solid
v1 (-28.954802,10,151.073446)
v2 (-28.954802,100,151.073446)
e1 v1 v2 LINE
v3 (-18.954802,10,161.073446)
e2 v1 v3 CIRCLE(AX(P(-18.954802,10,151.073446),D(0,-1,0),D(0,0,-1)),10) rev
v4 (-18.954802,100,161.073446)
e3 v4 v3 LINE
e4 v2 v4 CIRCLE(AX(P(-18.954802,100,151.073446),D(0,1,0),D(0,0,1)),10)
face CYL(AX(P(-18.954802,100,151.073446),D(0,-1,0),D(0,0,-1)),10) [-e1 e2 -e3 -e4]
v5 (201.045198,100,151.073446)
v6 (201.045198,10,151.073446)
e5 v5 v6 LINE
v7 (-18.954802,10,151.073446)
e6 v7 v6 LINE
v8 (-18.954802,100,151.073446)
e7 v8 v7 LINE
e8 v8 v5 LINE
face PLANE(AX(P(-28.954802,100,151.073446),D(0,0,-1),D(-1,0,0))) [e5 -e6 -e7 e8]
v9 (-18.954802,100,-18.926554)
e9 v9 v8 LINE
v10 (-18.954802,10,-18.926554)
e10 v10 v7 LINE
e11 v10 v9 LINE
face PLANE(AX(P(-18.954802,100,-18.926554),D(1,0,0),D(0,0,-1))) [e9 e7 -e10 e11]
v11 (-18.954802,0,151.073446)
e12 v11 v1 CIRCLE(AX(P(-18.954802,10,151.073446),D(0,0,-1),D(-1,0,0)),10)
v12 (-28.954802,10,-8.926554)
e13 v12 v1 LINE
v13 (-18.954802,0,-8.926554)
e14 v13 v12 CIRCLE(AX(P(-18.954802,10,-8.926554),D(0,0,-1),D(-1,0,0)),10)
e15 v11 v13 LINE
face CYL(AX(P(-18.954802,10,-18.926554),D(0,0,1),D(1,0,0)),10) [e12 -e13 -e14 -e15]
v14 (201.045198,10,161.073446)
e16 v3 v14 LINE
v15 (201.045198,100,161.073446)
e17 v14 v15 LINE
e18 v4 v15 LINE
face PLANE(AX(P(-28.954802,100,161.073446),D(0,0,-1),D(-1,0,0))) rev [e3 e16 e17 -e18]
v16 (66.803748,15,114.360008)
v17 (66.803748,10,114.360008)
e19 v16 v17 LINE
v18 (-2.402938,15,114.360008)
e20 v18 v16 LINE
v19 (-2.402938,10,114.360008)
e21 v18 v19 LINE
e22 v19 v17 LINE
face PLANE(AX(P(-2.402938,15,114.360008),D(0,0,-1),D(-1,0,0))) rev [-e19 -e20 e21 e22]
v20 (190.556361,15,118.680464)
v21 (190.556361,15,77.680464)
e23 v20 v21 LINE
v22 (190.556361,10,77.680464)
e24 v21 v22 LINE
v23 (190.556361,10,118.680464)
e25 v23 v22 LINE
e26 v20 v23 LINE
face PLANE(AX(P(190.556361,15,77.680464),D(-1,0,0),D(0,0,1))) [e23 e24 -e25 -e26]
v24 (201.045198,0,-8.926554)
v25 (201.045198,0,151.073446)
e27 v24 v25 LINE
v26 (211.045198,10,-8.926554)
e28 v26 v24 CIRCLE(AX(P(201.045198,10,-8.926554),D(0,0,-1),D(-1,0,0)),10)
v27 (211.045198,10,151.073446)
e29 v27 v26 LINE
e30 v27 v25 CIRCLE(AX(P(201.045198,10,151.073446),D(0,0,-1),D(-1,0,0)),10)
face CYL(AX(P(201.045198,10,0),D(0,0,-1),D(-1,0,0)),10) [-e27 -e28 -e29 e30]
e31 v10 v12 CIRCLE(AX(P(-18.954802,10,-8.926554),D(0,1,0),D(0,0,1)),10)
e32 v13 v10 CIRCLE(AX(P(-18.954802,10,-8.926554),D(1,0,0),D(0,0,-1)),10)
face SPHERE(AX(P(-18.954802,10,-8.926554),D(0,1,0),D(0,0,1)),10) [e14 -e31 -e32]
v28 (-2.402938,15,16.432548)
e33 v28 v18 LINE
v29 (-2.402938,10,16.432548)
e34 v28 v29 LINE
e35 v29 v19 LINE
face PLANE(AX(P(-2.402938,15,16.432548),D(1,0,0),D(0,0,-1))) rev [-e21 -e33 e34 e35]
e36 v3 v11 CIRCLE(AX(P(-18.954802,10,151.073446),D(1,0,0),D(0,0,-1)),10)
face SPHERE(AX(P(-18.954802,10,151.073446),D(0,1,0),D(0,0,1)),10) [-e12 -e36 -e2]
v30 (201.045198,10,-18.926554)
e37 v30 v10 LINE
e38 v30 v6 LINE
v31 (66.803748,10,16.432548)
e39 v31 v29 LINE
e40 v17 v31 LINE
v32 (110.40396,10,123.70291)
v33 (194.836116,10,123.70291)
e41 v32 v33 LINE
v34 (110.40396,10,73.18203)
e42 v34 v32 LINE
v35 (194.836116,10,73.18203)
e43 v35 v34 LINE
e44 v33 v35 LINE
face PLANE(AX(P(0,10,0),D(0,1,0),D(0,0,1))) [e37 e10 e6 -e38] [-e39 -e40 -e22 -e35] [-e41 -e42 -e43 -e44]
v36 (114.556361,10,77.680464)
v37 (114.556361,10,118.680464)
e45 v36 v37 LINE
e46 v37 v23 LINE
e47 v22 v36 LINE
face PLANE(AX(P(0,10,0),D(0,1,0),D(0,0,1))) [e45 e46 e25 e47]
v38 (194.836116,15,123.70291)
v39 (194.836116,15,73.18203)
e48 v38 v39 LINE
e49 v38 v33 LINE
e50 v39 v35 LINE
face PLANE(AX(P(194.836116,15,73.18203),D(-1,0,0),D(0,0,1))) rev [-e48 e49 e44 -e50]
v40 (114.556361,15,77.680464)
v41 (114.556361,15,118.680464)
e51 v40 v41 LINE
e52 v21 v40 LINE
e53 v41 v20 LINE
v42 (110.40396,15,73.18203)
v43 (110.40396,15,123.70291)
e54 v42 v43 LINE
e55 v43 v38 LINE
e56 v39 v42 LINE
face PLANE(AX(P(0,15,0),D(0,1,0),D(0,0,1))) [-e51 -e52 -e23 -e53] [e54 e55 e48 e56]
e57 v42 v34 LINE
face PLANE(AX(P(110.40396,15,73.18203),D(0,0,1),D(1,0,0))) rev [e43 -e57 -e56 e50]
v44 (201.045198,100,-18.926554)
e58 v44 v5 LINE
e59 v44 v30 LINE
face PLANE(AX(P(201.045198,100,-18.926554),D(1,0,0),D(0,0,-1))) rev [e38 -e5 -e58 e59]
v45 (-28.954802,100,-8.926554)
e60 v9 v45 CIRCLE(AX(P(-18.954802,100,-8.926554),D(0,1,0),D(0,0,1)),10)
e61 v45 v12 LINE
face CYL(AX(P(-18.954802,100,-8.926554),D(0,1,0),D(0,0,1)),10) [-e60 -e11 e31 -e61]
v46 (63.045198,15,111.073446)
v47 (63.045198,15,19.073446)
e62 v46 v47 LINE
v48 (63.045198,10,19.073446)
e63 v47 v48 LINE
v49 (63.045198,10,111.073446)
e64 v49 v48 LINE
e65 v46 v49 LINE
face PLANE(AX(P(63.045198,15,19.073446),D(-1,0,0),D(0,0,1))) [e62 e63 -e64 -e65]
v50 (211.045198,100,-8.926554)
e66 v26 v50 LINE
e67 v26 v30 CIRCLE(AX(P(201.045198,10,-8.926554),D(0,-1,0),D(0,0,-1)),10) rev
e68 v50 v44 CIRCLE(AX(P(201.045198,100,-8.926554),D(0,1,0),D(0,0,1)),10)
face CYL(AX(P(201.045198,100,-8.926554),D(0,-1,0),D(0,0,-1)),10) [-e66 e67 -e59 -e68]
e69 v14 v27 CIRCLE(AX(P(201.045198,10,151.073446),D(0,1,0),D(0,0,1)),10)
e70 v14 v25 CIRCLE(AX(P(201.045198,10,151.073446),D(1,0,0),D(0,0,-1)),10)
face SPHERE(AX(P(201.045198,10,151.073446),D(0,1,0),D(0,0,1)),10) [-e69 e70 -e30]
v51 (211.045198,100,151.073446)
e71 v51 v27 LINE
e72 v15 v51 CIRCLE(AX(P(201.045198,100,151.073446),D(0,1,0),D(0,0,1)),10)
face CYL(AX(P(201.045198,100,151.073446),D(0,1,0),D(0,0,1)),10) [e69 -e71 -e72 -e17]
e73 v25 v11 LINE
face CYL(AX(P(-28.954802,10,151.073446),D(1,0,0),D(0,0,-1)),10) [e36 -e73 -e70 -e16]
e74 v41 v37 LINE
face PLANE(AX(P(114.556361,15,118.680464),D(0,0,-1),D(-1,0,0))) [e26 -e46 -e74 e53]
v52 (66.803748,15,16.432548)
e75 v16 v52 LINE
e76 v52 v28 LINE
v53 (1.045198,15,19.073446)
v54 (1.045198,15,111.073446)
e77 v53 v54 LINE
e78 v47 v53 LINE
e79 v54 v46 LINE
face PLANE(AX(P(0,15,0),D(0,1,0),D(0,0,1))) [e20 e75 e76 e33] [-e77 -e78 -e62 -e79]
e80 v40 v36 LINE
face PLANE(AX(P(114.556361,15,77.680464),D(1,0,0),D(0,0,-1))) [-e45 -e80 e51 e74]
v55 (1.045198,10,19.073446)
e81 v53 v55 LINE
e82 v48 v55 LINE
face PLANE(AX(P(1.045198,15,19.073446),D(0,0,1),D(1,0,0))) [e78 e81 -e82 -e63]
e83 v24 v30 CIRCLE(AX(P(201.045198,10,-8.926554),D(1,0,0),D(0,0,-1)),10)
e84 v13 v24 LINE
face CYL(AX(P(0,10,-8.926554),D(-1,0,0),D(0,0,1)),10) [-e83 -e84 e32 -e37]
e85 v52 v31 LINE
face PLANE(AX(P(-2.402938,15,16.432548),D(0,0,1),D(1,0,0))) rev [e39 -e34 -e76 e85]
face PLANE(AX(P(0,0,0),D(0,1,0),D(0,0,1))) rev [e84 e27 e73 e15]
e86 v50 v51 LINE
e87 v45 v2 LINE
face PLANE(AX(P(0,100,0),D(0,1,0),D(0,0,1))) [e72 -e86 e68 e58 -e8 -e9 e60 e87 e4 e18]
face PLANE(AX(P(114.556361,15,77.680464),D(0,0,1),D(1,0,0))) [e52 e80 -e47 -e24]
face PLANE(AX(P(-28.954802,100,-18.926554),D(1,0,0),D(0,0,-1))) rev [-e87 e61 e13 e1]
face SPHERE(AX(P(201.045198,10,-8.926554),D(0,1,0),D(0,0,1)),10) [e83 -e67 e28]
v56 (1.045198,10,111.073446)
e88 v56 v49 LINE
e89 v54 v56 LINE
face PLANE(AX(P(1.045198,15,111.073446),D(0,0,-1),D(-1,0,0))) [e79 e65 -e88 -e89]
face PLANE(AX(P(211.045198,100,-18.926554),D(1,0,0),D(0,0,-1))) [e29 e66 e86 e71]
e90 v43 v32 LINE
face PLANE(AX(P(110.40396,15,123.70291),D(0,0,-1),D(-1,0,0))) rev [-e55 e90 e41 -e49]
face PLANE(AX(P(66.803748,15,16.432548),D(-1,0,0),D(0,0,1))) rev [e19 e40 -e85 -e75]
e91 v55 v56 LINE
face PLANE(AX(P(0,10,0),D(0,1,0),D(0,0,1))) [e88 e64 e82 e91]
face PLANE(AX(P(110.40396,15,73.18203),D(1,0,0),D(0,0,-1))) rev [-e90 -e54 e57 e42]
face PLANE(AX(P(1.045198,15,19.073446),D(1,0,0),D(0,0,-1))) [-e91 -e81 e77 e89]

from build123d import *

# Parameters (mm, degrees)
SKETCH2_W           = 240
SKETCH2_H           = 180
BOSS_EXTRUDE1_DEPTH = 100
SHELL1_T            = -10
FILLET3_R           = 10
FILLET4_R           = 10
SKETCH3_W           = 220
SKETCH3_H           = 90
CUT_EXTRUDE1_DEPTH  = 10
SKETCH6_W           = 69.206685732
SKETCH6_H           = 97.92746031
SKETCH6_W_2         = 62
SKETCH6_H_2         = 92
SKETCH6_W_3         = 84.432156592
SKETCH6_H_3         = 50.520880584
SKETCH6_W_4         = 76
SKETCH6_H_4         = 41
BOSS_EXTRUDE2_DEPTH = 5


with BuildPart() as part:
    # Sketch2 → Boss-Extrude1 (new body)
    with BuildSketch(Plane(origin=(0, 0, 0), x_dir=(1, 0, 0), z_dir=(0, 1, 0))):
        with Locations((91.04519774, -71.073446328)):
            Rectangle(SKETCH2_W, SKETCH2_H)
    extrude(amount=BOSS_EXTRUDE1_DEPTH)

    # Shell1
    shell1_openings = [part.faces().sort_by_distance(p)[0] for p in [
        (91.04519774, 100, 71.073446328),
    ]]
    offset(amount=SHELL1_T, openings=shell1_openings, kind=Kind.INTERSECTION)

    # Fillet3
    fillet3_edges = [part.edges().sort_by_distance(p)[0] for p in [
        (-28.95480226, 50, -18.926553672),
        (211.04519774, 50, -18.926553672),
        (211.04519774, 50, 161.073446328),
        (-28.95480226, 50, 161.073446328),
    ]]
    fillet(fillet3_edges, radius=FILLET3_R)

    # Fillet4
    fillet4_edges = [part.edges().sort_by_distance(p)[0] for p in [
        (-28.95480226, 0, 71.073446328),
        (91.04519774, 0, -18.926553672),
        (211.04519774, 0, 71.073446328),
        (91.04519774, 0, 161.073446328),
        (208.116265552, 0, 158.14451414),
        (208.116265552, 0, -15.997621484),
        (-26.025870072, 0, 158.14451414),
        (-26.025870072, 0, -15.997621484),
    ]]
    fillet(fillet4_edges, radius=FILLET4_R)

    # Sketch3 → Cut-Extrude1 (cut)
    with BuildSketch(Plane(origin=(0, 0, -18.926553672), x_dir=(-1, 0, 0), z_dir=(0, 0, -1))):
        with Locations((-91.04519774, 55)):
            Rectangle(SKETCH3_W, SKETCH3_H)
    extrude(amount=-CUT_EXTRUDE1_DEPTH, mode=Mode.SUBTRACT)

    # Sketch6 → Boss-Extrude2 (add)
    # profile 1 of 2: a face of its own
    with BuildSketch(Plane(origin=(0, 10, 0), x_dir=(1, 0, 0), z_dir=(0, 1, 0))):
        with Locations((32.200405027, -65.396277703)):
            Rectangle(SKETCH6_W, SKETCH6_H)
        with Locations((32.04519774, -65.073446328)):
            Rectangle(SKETCH6_W_2, SKETCH6_H_2, mode=Mode.SUBTRACT)
    # profile 2 of 2: a face of its own
    with BuildSketch(Plane(origin=(0, 10, 0), x_dir=(1, 0, 0), z_dir=(0, 1, 0))):
        with Locations((152.6200382, -98.44247014)):
            Rectangle(SKETCH6_W_3, SKETCH6_H_3)
        with Locations((152.556361047, -98.18046442)):
            Rectangle(SKETCH6_W_4, SKETCH6_H_4, mode=Mode.SUBTRACT)
    extrude(amount=BOSS_EXTRUDE2_DEPTH)


solid = part.part
